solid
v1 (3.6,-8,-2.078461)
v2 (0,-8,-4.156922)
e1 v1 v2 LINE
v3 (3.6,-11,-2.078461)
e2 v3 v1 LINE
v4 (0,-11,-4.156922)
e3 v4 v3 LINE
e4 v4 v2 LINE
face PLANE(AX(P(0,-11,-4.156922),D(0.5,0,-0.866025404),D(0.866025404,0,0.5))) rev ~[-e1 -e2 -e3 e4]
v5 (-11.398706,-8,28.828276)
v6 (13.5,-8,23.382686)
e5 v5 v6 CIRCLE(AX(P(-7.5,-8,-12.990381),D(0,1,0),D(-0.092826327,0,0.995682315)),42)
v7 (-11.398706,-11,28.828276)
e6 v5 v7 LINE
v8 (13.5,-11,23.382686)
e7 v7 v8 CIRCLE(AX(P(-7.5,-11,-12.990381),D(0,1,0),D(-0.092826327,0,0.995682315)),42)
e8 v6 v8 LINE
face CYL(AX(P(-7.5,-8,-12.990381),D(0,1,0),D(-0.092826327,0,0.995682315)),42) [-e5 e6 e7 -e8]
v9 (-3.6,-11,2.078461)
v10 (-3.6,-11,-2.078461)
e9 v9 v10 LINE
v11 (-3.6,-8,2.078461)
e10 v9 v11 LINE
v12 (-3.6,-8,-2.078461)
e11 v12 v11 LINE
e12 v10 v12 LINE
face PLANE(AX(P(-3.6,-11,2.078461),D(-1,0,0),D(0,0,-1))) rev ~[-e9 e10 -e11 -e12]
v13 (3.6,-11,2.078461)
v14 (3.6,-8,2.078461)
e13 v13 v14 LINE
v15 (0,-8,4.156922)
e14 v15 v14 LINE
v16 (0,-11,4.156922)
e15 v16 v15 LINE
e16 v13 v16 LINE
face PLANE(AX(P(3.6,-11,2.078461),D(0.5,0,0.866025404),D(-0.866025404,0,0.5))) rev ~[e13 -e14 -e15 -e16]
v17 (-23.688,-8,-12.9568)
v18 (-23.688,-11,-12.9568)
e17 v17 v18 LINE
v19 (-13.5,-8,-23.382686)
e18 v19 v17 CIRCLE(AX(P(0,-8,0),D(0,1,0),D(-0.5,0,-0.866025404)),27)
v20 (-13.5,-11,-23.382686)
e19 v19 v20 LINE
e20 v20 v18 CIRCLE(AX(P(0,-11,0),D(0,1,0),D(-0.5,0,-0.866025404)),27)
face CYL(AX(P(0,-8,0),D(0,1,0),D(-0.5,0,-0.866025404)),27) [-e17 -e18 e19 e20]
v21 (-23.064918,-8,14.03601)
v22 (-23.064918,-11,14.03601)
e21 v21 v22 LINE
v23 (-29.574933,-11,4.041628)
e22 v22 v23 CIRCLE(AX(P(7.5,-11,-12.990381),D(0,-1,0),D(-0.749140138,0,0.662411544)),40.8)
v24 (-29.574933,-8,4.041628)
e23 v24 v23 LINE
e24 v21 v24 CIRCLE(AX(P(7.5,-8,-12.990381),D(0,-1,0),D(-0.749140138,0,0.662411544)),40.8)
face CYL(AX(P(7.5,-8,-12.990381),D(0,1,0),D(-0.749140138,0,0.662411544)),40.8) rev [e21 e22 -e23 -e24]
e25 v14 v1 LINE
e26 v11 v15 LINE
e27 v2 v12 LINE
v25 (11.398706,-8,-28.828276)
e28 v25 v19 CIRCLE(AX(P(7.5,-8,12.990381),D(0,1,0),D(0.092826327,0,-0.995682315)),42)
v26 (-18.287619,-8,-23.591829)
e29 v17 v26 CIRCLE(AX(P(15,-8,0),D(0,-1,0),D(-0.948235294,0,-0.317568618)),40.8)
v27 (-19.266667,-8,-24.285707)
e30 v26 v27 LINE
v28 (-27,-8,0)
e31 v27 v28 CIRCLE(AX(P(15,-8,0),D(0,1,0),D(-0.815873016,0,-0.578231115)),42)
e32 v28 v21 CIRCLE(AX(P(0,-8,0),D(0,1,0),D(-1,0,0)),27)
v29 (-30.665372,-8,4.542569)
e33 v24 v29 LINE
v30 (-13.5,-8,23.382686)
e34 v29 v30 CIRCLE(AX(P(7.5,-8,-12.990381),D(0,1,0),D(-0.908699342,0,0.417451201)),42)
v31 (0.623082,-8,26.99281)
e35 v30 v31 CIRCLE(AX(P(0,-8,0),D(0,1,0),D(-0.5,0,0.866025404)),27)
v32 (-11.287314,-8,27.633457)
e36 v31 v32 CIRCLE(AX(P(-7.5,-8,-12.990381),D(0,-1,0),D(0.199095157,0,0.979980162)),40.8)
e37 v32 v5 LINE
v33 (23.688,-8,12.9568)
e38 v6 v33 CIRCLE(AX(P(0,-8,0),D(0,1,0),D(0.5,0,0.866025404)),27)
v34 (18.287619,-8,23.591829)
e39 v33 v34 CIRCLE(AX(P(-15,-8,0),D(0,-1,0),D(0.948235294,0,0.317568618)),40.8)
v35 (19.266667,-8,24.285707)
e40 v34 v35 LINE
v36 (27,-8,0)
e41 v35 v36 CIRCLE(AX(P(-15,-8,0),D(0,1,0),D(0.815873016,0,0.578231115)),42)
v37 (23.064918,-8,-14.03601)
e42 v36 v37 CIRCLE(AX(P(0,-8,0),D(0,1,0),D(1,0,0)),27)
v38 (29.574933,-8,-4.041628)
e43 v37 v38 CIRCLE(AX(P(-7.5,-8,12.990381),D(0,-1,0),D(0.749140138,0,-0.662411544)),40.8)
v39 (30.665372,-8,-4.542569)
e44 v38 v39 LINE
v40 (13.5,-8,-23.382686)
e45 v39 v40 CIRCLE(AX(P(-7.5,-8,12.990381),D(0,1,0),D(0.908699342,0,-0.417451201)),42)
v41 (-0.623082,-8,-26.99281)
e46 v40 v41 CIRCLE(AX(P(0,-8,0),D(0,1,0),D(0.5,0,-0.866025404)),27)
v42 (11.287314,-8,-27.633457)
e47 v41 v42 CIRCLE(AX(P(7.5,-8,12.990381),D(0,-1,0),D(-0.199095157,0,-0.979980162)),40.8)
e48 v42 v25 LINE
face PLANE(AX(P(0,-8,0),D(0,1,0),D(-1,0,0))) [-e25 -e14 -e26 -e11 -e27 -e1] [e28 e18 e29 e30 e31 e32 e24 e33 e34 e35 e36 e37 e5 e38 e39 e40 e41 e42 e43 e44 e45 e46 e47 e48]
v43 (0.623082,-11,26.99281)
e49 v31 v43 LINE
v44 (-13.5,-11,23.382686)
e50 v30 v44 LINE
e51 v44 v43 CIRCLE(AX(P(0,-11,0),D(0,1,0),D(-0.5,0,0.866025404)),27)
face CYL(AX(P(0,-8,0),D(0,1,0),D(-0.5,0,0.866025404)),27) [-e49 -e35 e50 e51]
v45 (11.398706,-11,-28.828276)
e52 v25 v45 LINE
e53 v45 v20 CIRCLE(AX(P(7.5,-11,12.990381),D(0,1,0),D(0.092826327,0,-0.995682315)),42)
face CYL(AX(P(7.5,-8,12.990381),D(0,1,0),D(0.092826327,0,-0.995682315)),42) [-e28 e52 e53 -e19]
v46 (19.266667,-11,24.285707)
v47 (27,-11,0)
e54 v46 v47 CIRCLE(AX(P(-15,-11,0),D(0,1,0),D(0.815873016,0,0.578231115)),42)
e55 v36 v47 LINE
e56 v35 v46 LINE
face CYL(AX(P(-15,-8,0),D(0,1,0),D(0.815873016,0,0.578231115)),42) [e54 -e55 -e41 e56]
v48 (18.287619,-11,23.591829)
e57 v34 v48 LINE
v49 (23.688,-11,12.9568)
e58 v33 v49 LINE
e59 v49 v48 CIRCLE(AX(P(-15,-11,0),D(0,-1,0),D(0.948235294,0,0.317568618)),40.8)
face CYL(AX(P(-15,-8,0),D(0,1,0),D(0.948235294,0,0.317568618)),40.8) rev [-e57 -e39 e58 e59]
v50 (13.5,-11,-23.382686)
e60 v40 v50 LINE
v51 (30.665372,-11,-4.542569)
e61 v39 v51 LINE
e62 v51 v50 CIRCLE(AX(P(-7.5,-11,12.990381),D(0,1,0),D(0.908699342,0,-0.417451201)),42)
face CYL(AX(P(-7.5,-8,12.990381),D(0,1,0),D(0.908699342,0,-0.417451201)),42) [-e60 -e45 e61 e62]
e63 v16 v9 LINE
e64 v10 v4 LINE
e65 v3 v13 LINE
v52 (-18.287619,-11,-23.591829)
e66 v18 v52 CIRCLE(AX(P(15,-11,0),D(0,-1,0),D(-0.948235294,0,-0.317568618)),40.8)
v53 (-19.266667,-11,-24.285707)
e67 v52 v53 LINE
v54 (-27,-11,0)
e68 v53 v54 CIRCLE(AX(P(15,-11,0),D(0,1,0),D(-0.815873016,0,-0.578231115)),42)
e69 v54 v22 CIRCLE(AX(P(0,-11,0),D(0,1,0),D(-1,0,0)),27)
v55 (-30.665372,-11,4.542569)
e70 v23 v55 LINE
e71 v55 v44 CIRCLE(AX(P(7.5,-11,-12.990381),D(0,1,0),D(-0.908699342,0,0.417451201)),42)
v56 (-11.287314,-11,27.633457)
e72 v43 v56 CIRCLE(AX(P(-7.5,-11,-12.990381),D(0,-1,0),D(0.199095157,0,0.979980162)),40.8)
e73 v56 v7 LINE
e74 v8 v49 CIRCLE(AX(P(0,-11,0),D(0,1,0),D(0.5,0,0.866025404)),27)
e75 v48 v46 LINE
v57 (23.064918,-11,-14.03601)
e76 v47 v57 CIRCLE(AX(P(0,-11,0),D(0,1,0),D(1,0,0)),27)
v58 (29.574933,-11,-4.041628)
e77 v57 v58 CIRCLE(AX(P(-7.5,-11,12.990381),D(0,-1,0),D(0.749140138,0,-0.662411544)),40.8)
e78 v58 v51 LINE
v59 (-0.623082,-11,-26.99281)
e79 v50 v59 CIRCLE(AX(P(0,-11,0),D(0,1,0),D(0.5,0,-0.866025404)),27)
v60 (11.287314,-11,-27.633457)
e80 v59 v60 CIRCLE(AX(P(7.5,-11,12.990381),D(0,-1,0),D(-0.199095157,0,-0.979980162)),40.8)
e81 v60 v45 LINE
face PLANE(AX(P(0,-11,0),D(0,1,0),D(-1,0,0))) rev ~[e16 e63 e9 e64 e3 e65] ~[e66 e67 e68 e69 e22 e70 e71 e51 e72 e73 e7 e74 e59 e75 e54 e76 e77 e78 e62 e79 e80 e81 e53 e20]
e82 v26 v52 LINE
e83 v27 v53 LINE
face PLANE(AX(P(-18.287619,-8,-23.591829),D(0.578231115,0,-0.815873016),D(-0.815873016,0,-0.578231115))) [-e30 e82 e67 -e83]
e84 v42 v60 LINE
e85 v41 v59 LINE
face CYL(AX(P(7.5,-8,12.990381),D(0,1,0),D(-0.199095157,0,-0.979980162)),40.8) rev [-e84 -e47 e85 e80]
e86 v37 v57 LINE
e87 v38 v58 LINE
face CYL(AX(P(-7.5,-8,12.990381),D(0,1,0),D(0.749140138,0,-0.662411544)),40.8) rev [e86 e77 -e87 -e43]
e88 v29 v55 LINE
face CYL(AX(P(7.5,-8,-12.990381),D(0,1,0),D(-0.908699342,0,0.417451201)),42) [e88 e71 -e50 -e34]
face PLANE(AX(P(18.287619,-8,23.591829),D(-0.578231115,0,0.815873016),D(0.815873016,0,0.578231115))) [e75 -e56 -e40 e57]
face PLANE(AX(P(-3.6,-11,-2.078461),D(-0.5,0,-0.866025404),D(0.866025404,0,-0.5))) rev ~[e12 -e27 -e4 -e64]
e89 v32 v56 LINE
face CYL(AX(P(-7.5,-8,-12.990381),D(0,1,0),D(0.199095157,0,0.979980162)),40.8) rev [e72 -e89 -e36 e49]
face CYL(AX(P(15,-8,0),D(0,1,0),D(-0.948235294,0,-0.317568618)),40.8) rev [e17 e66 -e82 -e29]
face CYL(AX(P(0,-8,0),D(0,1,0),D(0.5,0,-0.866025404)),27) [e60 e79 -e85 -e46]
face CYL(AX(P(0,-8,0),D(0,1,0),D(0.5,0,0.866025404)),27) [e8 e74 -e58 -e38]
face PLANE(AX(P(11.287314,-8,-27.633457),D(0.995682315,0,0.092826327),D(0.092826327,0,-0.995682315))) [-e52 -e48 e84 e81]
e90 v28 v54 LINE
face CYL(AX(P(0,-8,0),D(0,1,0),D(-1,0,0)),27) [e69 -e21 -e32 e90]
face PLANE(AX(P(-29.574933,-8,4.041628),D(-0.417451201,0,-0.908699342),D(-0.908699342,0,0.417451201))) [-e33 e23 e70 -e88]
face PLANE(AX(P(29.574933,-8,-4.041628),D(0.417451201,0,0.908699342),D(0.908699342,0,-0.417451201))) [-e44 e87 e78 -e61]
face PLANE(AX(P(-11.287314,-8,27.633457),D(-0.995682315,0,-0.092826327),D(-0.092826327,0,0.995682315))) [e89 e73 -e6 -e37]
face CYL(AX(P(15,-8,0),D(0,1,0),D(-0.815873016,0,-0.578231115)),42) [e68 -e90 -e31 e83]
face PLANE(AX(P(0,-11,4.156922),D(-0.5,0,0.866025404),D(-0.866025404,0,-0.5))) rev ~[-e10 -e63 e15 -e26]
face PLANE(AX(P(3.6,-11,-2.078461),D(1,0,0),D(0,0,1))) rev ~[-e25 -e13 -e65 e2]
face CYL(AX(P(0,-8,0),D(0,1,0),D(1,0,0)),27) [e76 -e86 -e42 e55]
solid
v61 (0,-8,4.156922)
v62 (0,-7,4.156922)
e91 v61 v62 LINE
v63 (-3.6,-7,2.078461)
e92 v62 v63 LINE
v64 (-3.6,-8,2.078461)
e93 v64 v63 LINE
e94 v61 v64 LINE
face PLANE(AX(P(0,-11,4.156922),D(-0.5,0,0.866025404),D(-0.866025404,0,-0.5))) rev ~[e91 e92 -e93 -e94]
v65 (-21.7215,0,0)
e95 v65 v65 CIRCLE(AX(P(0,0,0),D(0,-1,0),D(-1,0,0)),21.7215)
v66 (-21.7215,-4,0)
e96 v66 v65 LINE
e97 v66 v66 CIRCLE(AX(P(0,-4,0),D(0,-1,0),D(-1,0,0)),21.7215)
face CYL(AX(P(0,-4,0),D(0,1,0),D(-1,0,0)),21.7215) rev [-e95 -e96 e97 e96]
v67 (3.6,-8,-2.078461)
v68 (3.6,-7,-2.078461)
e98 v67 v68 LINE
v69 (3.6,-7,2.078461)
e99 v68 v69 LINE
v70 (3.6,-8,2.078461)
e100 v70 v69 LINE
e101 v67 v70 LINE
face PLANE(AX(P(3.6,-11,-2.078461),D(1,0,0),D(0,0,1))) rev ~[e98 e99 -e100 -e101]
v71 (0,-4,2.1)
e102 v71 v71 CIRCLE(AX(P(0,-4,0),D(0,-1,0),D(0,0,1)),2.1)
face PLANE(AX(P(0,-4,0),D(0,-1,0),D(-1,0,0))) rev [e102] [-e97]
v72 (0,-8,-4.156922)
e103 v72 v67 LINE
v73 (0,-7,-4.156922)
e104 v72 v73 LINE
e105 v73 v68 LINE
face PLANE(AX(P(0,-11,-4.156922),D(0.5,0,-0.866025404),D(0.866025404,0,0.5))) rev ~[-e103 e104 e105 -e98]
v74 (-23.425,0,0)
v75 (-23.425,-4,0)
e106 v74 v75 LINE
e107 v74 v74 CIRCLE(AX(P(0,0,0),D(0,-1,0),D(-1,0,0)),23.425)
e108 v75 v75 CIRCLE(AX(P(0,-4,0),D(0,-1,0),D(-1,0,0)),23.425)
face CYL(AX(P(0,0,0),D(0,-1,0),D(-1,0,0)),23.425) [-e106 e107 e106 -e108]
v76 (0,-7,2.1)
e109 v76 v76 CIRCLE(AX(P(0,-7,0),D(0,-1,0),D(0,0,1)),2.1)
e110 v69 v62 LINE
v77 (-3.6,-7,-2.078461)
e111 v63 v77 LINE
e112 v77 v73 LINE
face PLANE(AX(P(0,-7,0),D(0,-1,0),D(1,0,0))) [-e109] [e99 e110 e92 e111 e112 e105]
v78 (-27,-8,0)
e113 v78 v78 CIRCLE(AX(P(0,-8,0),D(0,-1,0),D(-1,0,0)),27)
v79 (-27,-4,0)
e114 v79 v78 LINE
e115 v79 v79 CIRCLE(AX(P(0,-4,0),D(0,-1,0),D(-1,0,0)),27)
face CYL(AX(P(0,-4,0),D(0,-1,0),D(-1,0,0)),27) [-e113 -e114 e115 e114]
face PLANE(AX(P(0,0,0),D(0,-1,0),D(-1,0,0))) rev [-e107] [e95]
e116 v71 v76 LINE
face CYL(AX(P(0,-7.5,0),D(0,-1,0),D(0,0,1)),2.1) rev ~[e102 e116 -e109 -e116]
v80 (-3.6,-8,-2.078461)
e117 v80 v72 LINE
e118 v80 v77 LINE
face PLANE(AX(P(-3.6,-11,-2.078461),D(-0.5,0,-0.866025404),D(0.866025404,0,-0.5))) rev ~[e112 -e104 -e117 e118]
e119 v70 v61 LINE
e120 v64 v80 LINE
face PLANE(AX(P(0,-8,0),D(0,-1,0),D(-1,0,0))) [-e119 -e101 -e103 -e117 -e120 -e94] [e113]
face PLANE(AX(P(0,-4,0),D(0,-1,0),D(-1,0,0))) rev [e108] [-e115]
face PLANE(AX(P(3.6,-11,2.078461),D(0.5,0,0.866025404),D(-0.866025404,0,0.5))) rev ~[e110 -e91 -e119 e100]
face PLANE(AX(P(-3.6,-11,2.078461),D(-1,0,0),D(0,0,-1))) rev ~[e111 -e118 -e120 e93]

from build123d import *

# Parameters (mm, degrees)
BOSS_EXTRUDE1_DEPTH = 3
SKETCH23_W          = 2.1
SKETCH23_H          = 7
CUT_EXTRUDE1_DEPTH  = 4


with BuildPart() as part:
    # Sketch1 → Revolve1 (revolve)
    with BuildSketch(Plane.XY):
        Polygon((-23.425, 0), (-23.425, -4), (-27, -4), (-27, -8), (0, -8), (0, -4), (-21.721500416, -4), (-21.721500416, 0), align=None)
    revolve(axis=Axis((0, -8, 0), (0, -1, 0)))


with BuildPart() as body_2:
    # Sketch18 → Boss-Extrude1 (new body)
    with BuildSketch(Plane.XZ.offset(8)):
        with BuildLine():
            Line((18.287619048, 23.591829478), (19.266666667, 24.285706816))
            ThreePointArc((19.266666667, 24.285706816), (25.019995002, 12.743625858), (27, 0))
            ThreePointArc((27, 0), (25.997622732, -7.288594671), (23.06491761, -14.036009962))
            ThreePointArc((23.06491761, -14.036009962), (26.687121428, -9.277998508), (29.574933174, -4.041627931))
            Line((29.574933174, -4.041627931), (30.665372385, -4.542569372))
            ThreePointArc((30.665372385, -4.542569372), (23.54630123, -15.296138346), (13.5, -23.382685902))
            ThreePointArc((13.5, -23.382685902), (6.686703224, -26.158899059), (-0.62308239, -26.992809567))
            ThreePointArc((-0.62308239, -26.992809567), (5.30857831, -27.750724365), (11.287314126, -27.633457409))
            Line((11.287314126, -27.633457409), (11.398705718, -28.828276188))
            ThreePointArc((11.398705718, -28.828276188), (-1.473693772, -28.039764204), (-13.5, -23.382685902))
            ThreePointArc((-13.5, -23.382685902), (-19.310919509, -18.870304389), (-23.688, -12.956799605))
            ThreePointArc((-23.688, -12.956799605), (-21.378543119, -18.472725857), (-18.287619048, -23.591829478))
            Line((-18.287619048, -23.591829478), (-19.266666667, -24.285706816))
            ThreePointArc((-19.266666667, -24.285706816), (-25.019995002, -12.743625858), (-27, 0))
            ThreePointArc((-27, 0), (-25.997622732, 7.288594671), (-23.06491761, 14.036009962))
            ThreePointArc((-23.06491761, 14.036009962), (-26.687121428, 9.277998508), (-29.574933174, 4.041627931))
            Line((-29.574933174, 4.041627931), (-30.665372385, 4.542569372))
            ThreePointArc((-30.665372385, 4.542569372), (-23.54630123, 15.296138346), (-13.5, 23.382685902))
            ThreePointArc((-13.5, 23.382685902), (-6.686703224, 26.158899059), (0.62308239, 26.992809567))
            ThreePointArc((0.62308239, 26.992809567), (-5.30857831, 27.750724365), (-11.287314126, 27.633457409))
            Line((-11.287314126, 27.633457409), (-11.398705718, 28.828276188))
            ThreePointArc((-11.398705718, 28.828276188), (1.473693772, 28.039764204), (13.5, 23.382685902))
            ThreePointArc((13.5, 23.382685902), (19.310919509, 18.870304389), (23.688, 12.956799605))
            ThreePointArc((23.688, 12.956799605), (21.378543119, 18.472725857), (18.287619048, 23.591829478))
        make_face()
    extrude(amount=BOSS_EXTRUDE1_DEPTH)


with BuildPart() as f_4_2_4_2_diameter_hole1_tool:
    # Sketch23 → Ø4.2 (4.2) Diameter Hole1 (revolve)
    with BuildSketch(Plane(origin=(0, -4, 0), x_dir=(0, 0, 1), z_dir=(1, 0, 0))):
        with Locations((1.05, 3.5)):
            Rectangle(SKETCH23_W, SKETCH23_H)
    revolve(axis=Axis((0, 2.35, 0), (0, -1, 0)))


with BuildPart() as part_1:
    add(part.part)

    # Ø4.2 (4.2) Diameter Hole1: cut by f_4_2_4_2_diameter_hole1_tool
    add(f_4_2_4_2_diameter_hole1_tool.part, mode=Mode.SUBTRACT)


with BuildPart() as body_2_1:
    add(body_2.part)

    # Ø4.2 (4.2) Diameter Hole1: cut by f_4_2_4_2_diameter_hole1_tool
    add(f_4_2_4_2_diameter_hole1_tool.part, mode=Mode.SUBTRACT)


with BuildPart() as cut_extrude1_tool:
    # Sketch19 → Cut-Extrude1 (new body)
    with BuildSketch(Plane.XZ.offset(11)):
        Polygon((0, -4.156921938), (3.6, -2.078460969), (3.6, 2.078460969), (0, 4.156921938), (-3.6, 2.078460969), (-3.6, -2.078460969), align=None)
    extrude(amount=-CUT_EXTRUDE1_DEPTH)


with BuildPart() as part_2:
    add(part_1.part)

    # Cut-Extrude1: cut by cut_extrude1_tool
    add(cut_extrude1_tool.part, mode=Mode.SUBTRACT)


with BuildPart() as body_2_2:
    add(body_2_1.part)

    # Cut-Extrude1: cut by cut_extrude1_tool
    add(cut_extrude1_tool.part, mode=Mode.SUBTRACT)


solid = Compound([part_2.part, body_2_2.part])
